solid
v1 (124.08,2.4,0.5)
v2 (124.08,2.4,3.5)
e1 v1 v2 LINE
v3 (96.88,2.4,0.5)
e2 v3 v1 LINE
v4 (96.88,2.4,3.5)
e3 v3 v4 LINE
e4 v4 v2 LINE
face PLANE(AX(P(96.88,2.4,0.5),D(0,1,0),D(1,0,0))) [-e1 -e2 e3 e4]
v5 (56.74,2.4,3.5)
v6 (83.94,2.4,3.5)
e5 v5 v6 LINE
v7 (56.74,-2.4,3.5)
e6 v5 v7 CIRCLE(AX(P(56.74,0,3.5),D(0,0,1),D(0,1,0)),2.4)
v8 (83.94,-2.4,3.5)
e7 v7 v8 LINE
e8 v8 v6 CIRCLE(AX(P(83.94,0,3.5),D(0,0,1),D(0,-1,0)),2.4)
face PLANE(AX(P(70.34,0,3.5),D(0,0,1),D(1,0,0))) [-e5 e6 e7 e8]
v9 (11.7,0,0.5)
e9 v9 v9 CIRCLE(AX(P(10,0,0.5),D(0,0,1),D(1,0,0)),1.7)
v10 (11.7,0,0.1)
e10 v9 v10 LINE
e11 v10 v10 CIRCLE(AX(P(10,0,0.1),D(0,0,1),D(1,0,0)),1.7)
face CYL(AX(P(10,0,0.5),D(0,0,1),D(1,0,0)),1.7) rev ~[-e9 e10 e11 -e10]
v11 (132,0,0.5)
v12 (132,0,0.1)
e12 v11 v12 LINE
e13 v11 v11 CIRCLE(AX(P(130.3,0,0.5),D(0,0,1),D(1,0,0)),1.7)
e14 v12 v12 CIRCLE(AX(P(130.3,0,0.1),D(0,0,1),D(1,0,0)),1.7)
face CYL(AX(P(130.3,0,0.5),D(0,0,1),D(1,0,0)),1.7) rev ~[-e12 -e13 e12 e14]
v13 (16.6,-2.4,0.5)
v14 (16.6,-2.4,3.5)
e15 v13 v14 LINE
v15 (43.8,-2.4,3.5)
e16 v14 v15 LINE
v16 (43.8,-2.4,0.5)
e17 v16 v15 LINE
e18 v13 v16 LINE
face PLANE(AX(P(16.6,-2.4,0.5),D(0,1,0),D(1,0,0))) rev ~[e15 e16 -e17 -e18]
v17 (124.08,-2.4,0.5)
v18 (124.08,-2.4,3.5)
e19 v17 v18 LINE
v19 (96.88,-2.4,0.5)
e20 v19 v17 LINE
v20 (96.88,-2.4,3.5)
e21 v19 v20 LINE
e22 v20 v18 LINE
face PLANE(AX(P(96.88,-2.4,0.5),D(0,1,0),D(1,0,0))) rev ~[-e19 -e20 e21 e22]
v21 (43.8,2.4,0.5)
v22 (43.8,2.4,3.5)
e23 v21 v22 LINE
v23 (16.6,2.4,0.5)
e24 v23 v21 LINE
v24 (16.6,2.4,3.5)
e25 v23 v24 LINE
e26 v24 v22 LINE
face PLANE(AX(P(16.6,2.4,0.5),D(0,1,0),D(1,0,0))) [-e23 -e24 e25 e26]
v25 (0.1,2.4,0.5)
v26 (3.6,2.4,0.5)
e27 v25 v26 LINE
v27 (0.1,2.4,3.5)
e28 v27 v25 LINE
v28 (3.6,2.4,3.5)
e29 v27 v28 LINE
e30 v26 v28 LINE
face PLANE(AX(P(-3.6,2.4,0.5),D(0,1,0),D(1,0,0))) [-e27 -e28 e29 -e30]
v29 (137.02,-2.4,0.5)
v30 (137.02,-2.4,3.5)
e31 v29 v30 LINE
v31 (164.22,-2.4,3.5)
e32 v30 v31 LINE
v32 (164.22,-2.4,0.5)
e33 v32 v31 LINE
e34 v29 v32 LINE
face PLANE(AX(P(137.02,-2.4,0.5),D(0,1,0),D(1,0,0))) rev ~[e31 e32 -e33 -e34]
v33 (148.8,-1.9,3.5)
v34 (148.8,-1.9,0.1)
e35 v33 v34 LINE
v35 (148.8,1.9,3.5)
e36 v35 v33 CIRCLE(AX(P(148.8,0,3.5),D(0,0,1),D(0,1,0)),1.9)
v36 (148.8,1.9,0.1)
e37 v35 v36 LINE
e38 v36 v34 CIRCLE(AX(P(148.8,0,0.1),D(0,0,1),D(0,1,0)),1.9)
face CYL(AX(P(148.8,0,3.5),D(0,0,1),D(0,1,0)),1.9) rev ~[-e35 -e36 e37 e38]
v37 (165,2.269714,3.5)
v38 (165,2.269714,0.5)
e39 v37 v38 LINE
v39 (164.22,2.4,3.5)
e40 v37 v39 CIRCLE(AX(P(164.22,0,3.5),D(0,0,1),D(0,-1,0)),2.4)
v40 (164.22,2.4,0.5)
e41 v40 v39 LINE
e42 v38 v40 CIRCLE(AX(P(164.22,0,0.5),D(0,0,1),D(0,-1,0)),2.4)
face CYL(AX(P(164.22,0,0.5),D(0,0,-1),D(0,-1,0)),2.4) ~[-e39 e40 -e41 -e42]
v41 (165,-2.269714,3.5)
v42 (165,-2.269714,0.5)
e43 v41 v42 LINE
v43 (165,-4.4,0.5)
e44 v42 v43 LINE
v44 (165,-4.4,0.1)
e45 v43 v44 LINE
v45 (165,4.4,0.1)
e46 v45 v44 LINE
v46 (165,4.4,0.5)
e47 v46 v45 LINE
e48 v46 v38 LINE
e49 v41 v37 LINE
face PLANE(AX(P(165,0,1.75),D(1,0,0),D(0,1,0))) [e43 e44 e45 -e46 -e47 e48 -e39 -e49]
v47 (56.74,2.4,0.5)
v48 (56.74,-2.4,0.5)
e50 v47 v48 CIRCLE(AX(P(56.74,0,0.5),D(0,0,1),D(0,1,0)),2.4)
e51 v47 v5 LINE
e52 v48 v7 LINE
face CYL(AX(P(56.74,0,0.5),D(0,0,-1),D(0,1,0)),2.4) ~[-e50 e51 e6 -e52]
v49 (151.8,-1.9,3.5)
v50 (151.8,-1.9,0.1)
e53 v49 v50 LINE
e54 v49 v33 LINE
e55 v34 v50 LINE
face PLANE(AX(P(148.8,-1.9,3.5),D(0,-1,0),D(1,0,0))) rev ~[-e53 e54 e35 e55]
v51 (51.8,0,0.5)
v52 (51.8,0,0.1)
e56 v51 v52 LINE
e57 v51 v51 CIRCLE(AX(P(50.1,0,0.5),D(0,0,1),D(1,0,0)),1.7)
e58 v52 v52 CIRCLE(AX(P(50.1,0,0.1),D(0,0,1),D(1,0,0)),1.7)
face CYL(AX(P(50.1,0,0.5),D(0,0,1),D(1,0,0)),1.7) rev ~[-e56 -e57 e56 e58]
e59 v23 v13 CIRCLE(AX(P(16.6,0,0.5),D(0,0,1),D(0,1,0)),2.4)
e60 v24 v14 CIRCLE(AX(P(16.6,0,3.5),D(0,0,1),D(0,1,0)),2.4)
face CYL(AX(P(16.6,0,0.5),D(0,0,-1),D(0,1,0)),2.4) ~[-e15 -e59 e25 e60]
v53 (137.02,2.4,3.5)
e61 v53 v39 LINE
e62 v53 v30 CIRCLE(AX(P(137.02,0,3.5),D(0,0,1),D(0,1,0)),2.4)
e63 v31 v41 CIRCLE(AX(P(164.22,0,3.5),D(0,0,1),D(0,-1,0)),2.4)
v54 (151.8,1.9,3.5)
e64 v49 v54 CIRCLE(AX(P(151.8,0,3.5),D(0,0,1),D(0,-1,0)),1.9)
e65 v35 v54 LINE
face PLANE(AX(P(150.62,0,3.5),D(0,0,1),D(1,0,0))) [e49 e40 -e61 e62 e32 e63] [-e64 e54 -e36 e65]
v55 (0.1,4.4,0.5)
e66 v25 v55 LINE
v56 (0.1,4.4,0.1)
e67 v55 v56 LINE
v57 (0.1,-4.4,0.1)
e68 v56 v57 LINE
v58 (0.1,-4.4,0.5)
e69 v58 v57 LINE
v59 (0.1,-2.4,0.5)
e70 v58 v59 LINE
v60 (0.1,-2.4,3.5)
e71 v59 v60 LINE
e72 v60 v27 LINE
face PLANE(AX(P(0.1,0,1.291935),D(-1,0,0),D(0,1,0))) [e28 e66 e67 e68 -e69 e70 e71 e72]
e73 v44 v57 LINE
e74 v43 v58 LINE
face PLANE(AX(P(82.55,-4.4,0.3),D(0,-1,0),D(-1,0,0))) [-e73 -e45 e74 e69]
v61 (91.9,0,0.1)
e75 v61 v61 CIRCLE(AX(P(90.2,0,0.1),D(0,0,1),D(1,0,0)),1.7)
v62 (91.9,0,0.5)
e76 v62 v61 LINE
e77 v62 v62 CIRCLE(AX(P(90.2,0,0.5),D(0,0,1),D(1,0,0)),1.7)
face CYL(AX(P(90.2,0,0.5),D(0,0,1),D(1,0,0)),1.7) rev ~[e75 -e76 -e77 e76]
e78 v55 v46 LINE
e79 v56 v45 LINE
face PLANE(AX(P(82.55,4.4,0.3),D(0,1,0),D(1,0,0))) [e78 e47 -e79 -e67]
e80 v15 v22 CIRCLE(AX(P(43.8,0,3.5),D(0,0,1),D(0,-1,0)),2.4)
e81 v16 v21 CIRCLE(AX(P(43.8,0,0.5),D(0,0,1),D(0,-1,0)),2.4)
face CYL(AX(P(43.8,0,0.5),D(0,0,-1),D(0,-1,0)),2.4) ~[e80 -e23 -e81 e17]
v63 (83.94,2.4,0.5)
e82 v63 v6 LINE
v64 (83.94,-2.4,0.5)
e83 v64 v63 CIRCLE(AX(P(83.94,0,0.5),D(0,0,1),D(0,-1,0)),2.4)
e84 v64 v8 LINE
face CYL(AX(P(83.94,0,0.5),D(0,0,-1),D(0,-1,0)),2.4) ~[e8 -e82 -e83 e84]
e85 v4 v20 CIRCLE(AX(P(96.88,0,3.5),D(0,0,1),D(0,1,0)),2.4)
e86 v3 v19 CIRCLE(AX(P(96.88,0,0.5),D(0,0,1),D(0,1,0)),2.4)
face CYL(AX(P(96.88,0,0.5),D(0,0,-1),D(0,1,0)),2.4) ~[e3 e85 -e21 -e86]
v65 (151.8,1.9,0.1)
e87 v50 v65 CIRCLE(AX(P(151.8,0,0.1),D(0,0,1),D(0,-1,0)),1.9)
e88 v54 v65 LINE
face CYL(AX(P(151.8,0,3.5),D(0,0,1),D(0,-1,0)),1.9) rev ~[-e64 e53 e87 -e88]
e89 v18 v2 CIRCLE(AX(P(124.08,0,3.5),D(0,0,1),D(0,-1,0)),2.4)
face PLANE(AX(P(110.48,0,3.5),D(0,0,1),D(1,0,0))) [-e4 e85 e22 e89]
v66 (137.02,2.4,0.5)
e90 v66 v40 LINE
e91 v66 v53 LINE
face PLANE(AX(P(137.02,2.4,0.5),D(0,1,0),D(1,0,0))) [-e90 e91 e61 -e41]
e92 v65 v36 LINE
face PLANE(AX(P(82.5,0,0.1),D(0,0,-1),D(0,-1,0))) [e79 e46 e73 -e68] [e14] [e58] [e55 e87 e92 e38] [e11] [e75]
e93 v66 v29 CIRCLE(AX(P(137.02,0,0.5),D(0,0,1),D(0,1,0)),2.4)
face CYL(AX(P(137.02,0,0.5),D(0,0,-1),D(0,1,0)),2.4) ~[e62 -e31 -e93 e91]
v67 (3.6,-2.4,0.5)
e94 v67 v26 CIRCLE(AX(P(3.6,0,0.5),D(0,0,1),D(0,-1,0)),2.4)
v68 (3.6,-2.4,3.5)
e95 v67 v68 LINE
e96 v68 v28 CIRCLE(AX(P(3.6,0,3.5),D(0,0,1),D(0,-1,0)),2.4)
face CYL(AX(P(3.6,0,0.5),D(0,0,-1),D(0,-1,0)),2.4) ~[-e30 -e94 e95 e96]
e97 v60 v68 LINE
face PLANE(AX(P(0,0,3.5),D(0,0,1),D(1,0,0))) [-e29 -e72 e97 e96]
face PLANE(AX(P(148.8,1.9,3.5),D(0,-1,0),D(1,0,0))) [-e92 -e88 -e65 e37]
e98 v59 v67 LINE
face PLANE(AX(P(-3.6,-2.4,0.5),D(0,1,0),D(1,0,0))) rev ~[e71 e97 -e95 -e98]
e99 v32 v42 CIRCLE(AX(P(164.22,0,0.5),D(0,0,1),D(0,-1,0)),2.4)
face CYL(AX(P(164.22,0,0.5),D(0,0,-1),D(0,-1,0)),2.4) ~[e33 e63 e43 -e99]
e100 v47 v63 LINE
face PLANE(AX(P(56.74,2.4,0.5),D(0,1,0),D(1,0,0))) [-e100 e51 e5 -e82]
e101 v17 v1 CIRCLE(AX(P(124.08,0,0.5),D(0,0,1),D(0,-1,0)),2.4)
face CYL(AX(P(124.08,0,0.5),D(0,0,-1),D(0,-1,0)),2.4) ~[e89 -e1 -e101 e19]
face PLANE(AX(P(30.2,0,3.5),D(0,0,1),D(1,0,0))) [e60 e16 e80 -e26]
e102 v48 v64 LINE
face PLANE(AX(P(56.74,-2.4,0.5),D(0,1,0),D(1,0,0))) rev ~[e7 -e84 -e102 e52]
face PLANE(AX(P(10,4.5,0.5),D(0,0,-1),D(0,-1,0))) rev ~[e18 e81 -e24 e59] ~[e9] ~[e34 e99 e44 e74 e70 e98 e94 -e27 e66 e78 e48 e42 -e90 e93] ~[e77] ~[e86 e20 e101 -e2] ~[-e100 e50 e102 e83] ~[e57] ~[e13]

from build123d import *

# Parameters (mm, degrees)
SKETCH_W          = 20
SKETCH_H          = 9
PAD_DEPTH         = 0.5
PAD001_DEPTH      = 3
PAD001_FACE6_W    = 9
PAD001_FACE6_H    = 0.5
PAD002_DEPTH      = 160
PAD003_DEPTH      = 3
SKETCH003_R       = 1.7
POCKET_DEPTH      = 5
SKETCH004_W       = 9
SKETCH004_H       = 3.5
POCKET001_DEPTH   = 10
SKETCH005_W       = 9
SKETCH005_H       = 3.5
POCKET002_DEPTH   = 5
POCKET002_FACE2_W = 9
POCKET002_FACE2_H = 165
POCKET002_FACE2_R = 1.7
POCKET003_DEPTH   = 0.1
POCKET004_DEPTH   = 0.1
SKETCH006_R       = 1.9
POCKET005_DEPTH   = 5
POCKET005_FACE6_W = 164.9
POCKET005_FACE6_H = 0.4
POCKET006_DEPTH   = 0.1
POCKET006_FACE1_W = 164.9
POCKET006_FACE1_H = 0.4
POCKET007_DEPTH   = 0.1
POCKET008_DEPTH   = 5


with BuildPart() as part:
    # Sketch → Pad (new body)
    with BuildSketch(Plane.XY):
        Rectangle(SKETCH_W, SKETCH_H)
    extrude(amount=PAD_DEPTH)

    # Sketch001 (on Face6 of Pad) → Pad001 (join)
    with BuildSketch(Plane.XY.offset(0.5)):
        with BuildLine():
            ThreePointArc((-3.6, 2.4), (-6, 0), (-3.6, -2.4))
            Line((-3.6, -2.4), (3.6, -2.4))
            ThreePointArc((3.6, -2.4), (6, 0), (3.6, 2.4))
            Line((-3.6, 2.4), (3.6, 2.4))
        make_face()
    extrude(amount=PAD001_DEPTH)

    # Pad001 Face6 → Pad002 (add)
    with BuildSketch(Plane(origin=(10, 0, 0.25), x_dir=(0, -1, 0), z_dir=(1, 0, 0))):
        Rectangle(PAD001_FACE6_W, PAD001_FACE6_H)
    extrude(amount=PAD002_DEPTH)

    # Sketch002 (on Face6 of Pad002) → Pad003 (join)
    with BuildSketch(Plane.XY.offset(0.5)):
        with BuildLine():
            ThreePointArc((16.6, 2.4), (14.2, 0), (16.6, -2.4))
            Line((16.6, -2.4), (43.8, -2.4))
            ThreePointArc((43.8, -2.4), (46.2, 0), (43.8, 2.4))
            Line((16.6, 2.4), (43.8, 2.4))
        make_face()
        with BuildLine():
            ThreePointArc((56.74, 2.4), (54.34, 0), (56.74, -2.4))
            Line((56.74, -2.4), (83.94, -2.4))
            ThreePointArc((83.94, -2.4), (86.34, 0), (83.94, 2.4))
            Line((56.74, 2.4), (83.94, 2.4))
        make_face()
        with BuildLine():
            ThreePointArc((96.88, 2.4), (94.48, 0), (96.88, -2.4))
            Line((96.88, -2.4), (124.08, -2.4))
            ThreePointArc((124.08, -2.4), (126.48, 0), (124.08, 2.4))
            Line((96.88, 2.4), (124.08, 2.4))
        make_face()
        with BuildLine():
            ThreePointArc((137.02, 2.4), (134.62, 0), (137.02, -2.4))
            Line((137.02, -2.4), (164.22, -2.4))
            ThreePointArc((164.22, -2.4), (166.62, 0), (164.22, 2.4))
            Line((137.02, 2.4), (164.22, 2.4))
        make_face()
    extrude(amount=PAD003_DEPTH)

    # Sketch003 (on Face5 of Pad003) → Pocket (cut)
    with BuildSketch(Plane.XY.offset(0.5)):
        with Locations((10, 0)):
            Circle(SKETCH003_R)
        with Locations((50.1, 0)):
            Circle(SKETCH003_R)
        with Locations((90.2, 0)):
            Circle(SKETCH003_R)
        with Locations((130.3, 0)):
            Circle(SKETCH003_R)
    extrude(amount=-POCKET_DEPTH, mode=Mode.SUBTRACT)

    # Sketch004 (on Face1 of Pocket) → Pocket001 (cut)
    with BuildSketch(Plane(origin=(-10, 0, 0), x_dir=(0, -1, 0), z_dir=(-1, 0, 0))):
        with Locations((0, 1.75)):
            Rectangle(SKETCH004_W, SKETCH004_H)
    extrude(amount=-POCKET001_DEPTH, mode=Mode.SUBTRACT)

    # Sketch005 (on Face3 of Pocket001) → Pocket002 (cut)
    with BuildSketch(Plane.YZ.offset(170)):
        with Locations((0, 1.75)):
            Rectangle(SKETCH005_W, SKETCH005_H)
    extrude(amount=-POCKET002_DEPTH, mode=Mode.SUBTRACT)

    # Pocket002 Face2 → Pocket003 (cut)
    with BuildSketch(Plane(origin=(82.8096, 0, 0), x_dir=(0, -1, 0), z_dir=(0, 0, -1))):
        with Locations((0, 0.3096)):
            Rectangle(POCKET002_FACE2_W, POCKET002_FACE2_H)
        with Locations((0, -47.4904)):
            Circle(POCKET002_FACE2_R, mode=Mode.SUBTRACT)
        with Locations((0, -7.3904)):
            Circle(POCKET002_FACE2_R, mode=Mode.SUBTRACT)
        with Locations((0, 32.7096)):
            Circle(POCKET002_FACE2_R, mode=Mode.SUBTRACT)
        with Locations((0, 72.8096)):
            Circle(POCKET002_FACE2_R, mode=Mode.SUBTRACT)
    extrude(amount=-POCKET003_DEPTH, mode=Mode.SUBTRACT)

    # Pocket003 Face5 → Pocket004 (cut)
    with BuildSketch(Plane(origin=(0, 0, 1.66), x_dir=(0, 1, 0), z_dir=(-1, 0, 0))):
        Polygon((4.5, 1.56), (-4.5, 1.56), (-4.5, 1.16), (-2.4, 1.16), (-2.4, -1.84), (2.4, -1.84), (2.4, 1.16), (4.5, 1.16), align=None)
    extrude(amount=-POCKET004_DEPTH, mode=Mode.SUBTRACT)

    # Sketch006 (on Face12 of Pocket004) → Pocket005 (cut)
    with BuildSketch(Plane.XY.offset(3.5)):
        with Locations((150.3, 0)):
            Circle(SKETCH006_R)
    extrude(amount=-POCKET005_DEPTH, mode=Mode.SUBTRACT)

    # Pocket005 Face6 → Pocket006 (cut)
    with BuildSketch(Plane(origin=(82.55, -4.5, 0.3), x_dir=(-1, 0, 0), z_dir=(0, -1, 0))):
        Rectangle(POCKET005_FACE6_W, POCKET005_FACE6_H)
    extrude(amount=-POCKET006_DEPTH, mode=Mode.SUBTRACT)

    # Pocket006 Face1 → Pocket007 (cut)
    with BuildSketch(Plane(origin=(82.55, 4.5, 0.3), x_dir=(1, 0, 0), z_dir=(0, 1, 0))):
        Rectangle(POCKET006_FACE1_W, POCKET006_FACE1_H)
    extrude(amount=-POCKET007_DEPTH, mode=Mode.SUBTRACT)

    # Sketch007 (on Face16 of Pocket007) → Pocket008 (cut)
    with BuildSketch(Plane.XY.offset(3.5)):
        with BuildLine():
            ThreePointArc((148.8, 1.9), (146.9, 0), (148.8, -1.9))
            Line((148.8, -1.9), (151.8, -1.9))
            ThreePointArc((151.8, -1.9), (153.7, 0), (151.8, 1.9))
            Line((148.8, 1.9), (151.8, 1.9))
        make_face()
    extrude(amount=-POCKET008_DEPTH, mode=Mode.SUBTRACT)


solid = part.part
